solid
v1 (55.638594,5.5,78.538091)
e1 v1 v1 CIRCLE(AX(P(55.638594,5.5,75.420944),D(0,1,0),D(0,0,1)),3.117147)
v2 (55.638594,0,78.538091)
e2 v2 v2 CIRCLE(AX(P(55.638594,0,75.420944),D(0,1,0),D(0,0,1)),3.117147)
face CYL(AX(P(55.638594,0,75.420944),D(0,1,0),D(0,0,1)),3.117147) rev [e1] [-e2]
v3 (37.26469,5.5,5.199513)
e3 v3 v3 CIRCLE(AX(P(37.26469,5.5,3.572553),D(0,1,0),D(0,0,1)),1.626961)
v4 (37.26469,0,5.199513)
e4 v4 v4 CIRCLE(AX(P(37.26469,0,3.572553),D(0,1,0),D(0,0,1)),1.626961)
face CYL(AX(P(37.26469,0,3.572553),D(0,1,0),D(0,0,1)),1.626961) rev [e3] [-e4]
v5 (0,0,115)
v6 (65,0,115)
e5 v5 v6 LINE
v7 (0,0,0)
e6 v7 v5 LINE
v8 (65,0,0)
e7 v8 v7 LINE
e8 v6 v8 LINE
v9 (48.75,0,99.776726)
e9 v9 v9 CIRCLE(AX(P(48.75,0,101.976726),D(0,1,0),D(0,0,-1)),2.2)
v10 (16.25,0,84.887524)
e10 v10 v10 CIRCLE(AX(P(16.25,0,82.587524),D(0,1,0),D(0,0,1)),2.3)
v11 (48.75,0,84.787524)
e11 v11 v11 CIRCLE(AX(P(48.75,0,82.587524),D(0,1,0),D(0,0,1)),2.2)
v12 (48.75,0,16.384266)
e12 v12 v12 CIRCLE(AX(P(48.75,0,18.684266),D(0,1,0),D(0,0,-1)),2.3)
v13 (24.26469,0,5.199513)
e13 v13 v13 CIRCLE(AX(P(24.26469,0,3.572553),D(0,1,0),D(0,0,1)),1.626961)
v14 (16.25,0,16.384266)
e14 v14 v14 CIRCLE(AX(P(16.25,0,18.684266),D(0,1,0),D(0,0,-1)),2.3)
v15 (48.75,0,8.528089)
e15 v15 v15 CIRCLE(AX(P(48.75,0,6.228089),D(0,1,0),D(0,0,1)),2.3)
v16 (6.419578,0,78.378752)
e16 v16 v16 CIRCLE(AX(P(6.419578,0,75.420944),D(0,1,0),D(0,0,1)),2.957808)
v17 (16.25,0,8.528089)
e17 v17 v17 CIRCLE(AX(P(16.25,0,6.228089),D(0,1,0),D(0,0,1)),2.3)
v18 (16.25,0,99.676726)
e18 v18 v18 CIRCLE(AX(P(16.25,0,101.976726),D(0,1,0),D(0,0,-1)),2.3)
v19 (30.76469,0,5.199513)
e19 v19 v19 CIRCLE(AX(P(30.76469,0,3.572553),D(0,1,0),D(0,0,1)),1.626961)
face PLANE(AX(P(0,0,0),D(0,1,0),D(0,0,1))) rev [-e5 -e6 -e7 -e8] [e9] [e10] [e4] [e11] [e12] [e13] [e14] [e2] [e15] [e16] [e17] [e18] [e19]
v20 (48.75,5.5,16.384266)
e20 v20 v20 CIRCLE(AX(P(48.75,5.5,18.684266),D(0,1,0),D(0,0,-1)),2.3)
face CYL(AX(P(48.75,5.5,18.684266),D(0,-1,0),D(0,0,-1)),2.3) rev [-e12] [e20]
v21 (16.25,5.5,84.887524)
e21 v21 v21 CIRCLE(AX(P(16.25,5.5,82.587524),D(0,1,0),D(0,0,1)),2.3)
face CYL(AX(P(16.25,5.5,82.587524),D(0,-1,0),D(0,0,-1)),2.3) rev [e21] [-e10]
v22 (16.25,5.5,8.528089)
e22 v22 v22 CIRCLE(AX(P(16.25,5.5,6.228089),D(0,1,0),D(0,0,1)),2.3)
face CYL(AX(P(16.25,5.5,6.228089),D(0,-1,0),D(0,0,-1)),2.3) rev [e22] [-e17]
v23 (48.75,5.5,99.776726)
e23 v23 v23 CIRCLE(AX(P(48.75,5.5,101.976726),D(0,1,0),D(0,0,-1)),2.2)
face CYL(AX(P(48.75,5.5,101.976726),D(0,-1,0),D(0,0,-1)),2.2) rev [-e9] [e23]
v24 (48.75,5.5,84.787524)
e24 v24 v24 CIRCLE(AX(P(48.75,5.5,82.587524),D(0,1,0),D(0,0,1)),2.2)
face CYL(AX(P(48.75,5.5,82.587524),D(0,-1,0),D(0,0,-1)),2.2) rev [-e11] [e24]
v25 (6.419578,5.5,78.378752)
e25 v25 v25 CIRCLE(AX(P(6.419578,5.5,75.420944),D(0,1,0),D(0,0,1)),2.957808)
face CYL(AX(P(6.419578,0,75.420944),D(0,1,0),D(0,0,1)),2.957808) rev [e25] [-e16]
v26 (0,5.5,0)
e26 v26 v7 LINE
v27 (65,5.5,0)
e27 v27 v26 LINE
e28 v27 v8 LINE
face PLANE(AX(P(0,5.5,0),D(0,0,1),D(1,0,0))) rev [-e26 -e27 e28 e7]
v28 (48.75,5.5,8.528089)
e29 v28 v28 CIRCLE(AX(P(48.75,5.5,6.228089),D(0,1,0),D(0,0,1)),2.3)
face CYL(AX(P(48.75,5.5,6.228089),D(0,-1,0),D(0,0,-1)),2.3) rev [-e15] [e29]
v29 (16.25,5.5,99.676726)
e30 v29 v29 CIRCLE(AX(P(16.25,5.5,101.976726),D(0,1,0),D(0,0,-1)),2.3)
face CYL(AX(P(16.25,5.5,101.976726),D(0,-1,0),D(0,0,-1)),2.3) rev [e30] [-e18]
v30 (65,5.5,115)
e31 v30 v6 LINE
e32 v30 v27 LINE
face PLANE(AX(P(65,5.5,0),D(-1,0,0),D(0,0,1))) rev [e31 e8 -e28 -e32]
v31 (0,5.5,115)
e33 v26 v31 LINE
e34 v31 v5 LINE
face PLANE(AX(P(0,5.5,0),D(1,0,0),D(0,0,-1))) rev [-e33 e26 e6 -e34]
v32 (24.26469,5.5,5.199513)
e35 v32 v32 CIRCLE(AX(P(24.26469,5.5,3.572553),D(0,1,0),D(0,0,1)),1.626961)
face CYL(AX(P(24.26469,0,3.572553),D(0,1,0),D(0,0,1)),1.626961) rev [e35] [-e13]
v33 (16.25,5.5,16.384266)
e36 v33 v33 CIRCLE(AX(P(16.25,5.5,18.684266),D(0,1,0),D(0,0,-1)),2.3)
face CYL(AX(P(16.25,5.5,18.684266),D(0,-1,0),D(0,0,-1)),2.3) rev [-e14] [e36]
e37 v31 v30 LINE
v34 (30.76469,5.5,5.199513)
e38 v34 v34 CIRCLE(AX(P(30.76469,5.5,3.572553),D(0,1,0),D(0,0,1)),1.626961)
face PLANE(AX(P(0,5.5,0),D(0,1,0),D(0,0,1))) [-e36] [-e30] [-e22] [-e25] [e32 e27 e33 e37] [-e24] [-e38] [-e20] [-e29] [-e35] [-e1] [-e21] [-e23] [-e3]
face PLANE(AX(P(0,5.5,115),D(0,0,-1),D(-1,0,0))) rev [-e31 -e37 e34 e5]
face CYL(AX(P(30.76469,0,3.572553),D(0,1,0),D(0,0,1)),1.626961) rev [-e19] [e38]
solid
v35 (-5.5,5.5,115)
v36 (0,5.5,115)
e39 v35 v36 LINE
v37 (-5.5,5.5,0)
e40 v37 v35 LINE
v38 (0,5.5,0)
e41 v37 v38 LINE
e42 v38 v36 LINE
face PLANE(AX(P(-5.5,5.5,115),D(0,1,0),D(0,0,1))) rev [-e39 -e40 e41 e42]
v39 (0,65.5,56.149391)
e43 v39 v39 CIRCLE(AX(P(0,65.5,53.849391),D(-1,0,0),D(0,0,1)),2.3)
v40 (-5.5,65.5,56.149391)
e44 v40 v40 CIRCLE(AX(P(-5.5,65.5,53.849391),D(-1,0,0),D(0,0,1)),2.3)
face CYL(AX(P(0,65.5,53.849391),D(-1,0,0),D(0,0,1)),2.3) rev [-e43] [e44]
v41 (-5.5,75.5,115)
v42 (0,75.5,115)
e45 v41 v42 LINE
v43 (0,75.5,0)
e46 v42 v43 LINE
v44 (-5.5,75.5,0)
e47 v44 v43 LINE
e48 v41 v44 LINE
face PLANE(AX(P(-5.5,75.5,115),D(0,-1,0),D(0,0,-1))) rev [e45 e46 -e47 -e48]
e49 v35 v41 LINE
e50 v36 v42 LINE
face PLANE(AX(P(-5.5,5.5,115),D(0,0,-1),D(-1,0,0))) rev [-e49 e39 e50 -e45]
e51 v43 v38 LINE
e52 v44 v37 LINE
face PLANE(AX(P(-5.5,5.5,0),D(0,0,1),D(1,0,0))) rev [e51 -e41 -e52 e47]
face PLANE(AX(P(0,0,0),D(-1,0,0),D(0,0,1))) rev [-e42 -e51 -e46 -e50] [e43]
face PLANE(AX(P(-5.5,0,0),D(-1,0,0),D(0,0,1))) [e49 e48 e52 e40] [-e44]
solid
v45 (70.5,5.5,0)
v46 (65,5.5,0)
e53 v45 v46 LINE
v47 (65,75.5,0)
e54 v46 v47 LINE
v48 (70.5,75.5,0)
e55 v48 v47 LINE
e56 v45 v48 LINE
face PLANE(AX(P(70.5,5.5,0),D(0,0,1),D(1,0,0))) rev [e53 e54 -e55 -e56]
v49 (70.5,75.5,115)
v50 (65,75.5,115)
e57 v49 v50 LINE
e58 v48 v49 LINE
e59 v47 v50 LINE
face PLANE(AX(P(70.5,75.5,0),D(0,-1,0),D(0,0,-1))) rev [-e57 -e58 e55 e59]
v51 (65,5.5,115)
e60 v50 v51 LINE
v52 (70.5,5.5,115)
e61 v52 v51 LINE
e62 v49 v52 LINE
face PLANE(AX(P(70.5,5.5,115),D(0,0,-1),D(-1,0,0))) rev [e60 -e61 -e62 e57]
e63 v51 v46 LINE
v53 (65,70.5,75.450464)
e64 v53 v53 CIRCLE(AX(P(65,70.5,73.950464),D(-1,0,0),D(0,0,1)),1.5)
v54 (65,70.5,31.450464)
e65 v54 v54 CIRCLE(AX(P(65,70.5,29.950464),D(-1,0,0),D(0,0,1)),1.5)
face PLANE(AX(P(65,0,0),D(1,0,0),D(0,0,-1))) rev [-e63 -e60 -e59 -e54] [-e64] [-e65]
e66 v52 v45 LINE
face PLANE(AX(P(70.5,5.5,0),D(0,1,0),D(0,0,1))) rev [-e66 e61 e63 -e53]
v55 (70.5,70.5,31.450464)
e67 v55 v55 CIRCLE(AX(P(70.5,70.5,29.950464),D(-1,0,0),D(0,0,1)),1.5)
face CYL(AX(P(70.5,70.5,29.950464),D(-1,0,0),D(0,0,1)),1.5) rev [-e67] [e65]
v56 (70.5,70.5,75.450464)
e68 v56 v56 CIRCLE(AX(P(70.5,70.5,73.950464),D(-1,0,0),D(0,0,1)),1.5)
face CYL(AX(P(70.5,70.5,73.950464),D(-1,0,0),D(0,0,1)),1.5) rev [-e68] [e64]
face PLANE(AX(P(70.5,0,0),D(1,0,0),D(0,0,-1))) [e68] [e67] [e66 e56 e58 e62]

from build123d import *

# Parameters (mm, degrees)
CROQUIS1_W              = 65
CROQUIS1_H              = 115
CROQUIS1_R              = 2.3
CROQUIS1_R_2            = 2.2
SALIENTE_EXTRUIR1_DEPTH = 5.5
CROQUIS2_W              = 115
CROQUIS2_H              = 70
SALIENTE_EXTRUIR2_DEPTH = 5.5
CROQUIS3_W              = 115
CROQUIS3_H              = 70
SALIENTE_EXTRUIR3_DEPTH = 5.5
CROQUIS4_R              = 3.117146835
CROQUIS4_R_2            = 2.957808417
CORTAR_EXTRUIR1_DEPTH   = 5.5
CROQUIS5_R              = 2.3
CORTAR_EXTRUIR2_DEPTH   = 5.5
CROQUIS6_R              = 1.626960879
CORTAR_EXTRUIR3_DEPTH   = 5.5
CROQUIS7_R              = 1.5
CORTAR_EXTRUIR4_DEPTH   = 5.5


with BuildPart() as part:
    # Croquis1 → Saliente-Extruir1 (new body)
    with BuildSketch(Plane(origin=(0, 0, 0), x_dir=(1, 0, 0), z_dir=(0, 1, 0))):
        with Locations((32.5, -57.5)):
            Rectangle(CROQUIS1_W, CROQUIS1_H)
        with Locations(Location((16.25, -6.22808869, 0), (0, 0, 270))):
            Circle(CROQUIS1_R, mode=Mode.SUBTRACT)
        with Locations(Location((48.75, -6.22808869, 0), (0, 0, 270))):
            Circle(CROQUIS1_R, mode=Mode.SUBTRACT)
        with Locations(Location((48.75, -18.68426607, 0), (0, 0, 90))):
            Circle(CROQUIS1_R, mode=Mode.SUBTRACT)
        with Locations(Location((16.25, -18.68426607, 0), (0, 0, 90))):
            Circle(CROQUIS1_R, mode=Mode.SUBTRACT)
        with Locations(Location((16.25, -82.587524247, 0), (0, 0, 270))):
            Circle(CROQUIS1_R, mode=Mode.SUBTRACT)
        with Locations(Location((48.75, -82.587524247, 0), (0, 0, 270))):
            Circle(CROQUIS1_R_2, mode=Mode.SUBTRACT)
        with Locations(Location((48.75, -101.976725706, 0), (0, 0, 90))):
            Circle(CROQUIS1_R_2, mode=Mode.SUBTRACT)
        with Locations(Location((16.25, -101.976725706, 0), (0, 0, 90))):
            Circle(CROQUIS1_R, mode=Mode.SUBTRACT)
    extrude(amount=SALIENTE_EXTRUIR1_DEPTH)

    # Croquis4 → Cortar-Extruir1 (cut)
    with BuildSketch(Plane(origin=(0, 5.5, 0), x_dir=(1, 0, 0), z_dir=(0, 1, 0))):
        with Locations(Location((55.638593898, -75.420943833, 0), (0, 0, 270))):
            Circle(CROQUIS4_R)
        with Locations(Location((6.419577958, -75.420943833, 0), (0, 0, 270))):
            Circle(CROQUIS4_R_2)
    extrude(amount=-CORTAR_EXTRUIR1_DEPTH, mode=Mode.SUBTRACT)

    # Croquis6 → Cortar-Extruir3 (cut)
    with BuildSketch(Plane(origin=(0, 5.5, 0), x_dir=(1, 0, 0), z_dir=(0, 1, 0))):
        with Locations(Location((24.264689506, -3.572552561, 0), (0, 0, 270))):
            Circle(CROQUIS6_R)
        with Locations(Location((30.764689506, -3.572552561, 0), (0, 0, 270))):
            Circle(CROQUIS6_R)
        with Locations(Location((37.264689506, -3.572552561, 0), (0, 0, 270))):
            Circle(CROQUIS6_R)
    extrude(amount=-CORTAR_EXTRUIR3_DEPTH, mode=Mode.SUBTRACT)


with BuildPart() as body_2:
    # Croquis2 → Saliente-Extruir2 (new body)
    with BuildSketch(Plane.ZY):
        with Locations((57.5, 40.5)):
            Rectangle(CROQUIS2_W, CROQUIS2_H)
    extrude(amount=SALIENTE_EXTRUIR2_DEPTH)

    # Croquis5 → Cortar-Extruir2 (cut)
    with BuildSketch(Plane.ZY.offset(5.5)):
        with Locations((53.849390676, 65.5)):
            Circle(CROQUIS5_R)
    extrude(amount=-CORTAR_EXTRUIR2_DEPTH, mode=Mode.SUBTRACT)


with BuildPart() as body_3:
    # Croquis3 → Saliente-Extruir3 (new body)
    with BuildSketch(Plane(origin=(65, 0, 0), x_dir=(0, 0, -1), z_dir=(1, 0, 0))):
        with Locations((-57.5, 40.5)):
            Rectangle(CROQUIS3_W, CROQUIS3_H)
    extrude(amount=SALIENTE_EXTRUIR3_DEPTH)

    # Croquis7 → Cortar-Extruir4 (cut)
    with BuildSketch(Plane.ZY.offset(-65)):
        with Locations((29.950463966, 70.5)):
            Circle(CROQUIS7_R)
        with Locations((73.950463966, 70.5)):
            Circle(CROQUIS7_R)
    extrude(amount=-CORTAR_EXTRUIR4_DEPTH, mode=Mode.SUBTRACT)


solid = Compound([part.part, body_2.part, body_3.part])
